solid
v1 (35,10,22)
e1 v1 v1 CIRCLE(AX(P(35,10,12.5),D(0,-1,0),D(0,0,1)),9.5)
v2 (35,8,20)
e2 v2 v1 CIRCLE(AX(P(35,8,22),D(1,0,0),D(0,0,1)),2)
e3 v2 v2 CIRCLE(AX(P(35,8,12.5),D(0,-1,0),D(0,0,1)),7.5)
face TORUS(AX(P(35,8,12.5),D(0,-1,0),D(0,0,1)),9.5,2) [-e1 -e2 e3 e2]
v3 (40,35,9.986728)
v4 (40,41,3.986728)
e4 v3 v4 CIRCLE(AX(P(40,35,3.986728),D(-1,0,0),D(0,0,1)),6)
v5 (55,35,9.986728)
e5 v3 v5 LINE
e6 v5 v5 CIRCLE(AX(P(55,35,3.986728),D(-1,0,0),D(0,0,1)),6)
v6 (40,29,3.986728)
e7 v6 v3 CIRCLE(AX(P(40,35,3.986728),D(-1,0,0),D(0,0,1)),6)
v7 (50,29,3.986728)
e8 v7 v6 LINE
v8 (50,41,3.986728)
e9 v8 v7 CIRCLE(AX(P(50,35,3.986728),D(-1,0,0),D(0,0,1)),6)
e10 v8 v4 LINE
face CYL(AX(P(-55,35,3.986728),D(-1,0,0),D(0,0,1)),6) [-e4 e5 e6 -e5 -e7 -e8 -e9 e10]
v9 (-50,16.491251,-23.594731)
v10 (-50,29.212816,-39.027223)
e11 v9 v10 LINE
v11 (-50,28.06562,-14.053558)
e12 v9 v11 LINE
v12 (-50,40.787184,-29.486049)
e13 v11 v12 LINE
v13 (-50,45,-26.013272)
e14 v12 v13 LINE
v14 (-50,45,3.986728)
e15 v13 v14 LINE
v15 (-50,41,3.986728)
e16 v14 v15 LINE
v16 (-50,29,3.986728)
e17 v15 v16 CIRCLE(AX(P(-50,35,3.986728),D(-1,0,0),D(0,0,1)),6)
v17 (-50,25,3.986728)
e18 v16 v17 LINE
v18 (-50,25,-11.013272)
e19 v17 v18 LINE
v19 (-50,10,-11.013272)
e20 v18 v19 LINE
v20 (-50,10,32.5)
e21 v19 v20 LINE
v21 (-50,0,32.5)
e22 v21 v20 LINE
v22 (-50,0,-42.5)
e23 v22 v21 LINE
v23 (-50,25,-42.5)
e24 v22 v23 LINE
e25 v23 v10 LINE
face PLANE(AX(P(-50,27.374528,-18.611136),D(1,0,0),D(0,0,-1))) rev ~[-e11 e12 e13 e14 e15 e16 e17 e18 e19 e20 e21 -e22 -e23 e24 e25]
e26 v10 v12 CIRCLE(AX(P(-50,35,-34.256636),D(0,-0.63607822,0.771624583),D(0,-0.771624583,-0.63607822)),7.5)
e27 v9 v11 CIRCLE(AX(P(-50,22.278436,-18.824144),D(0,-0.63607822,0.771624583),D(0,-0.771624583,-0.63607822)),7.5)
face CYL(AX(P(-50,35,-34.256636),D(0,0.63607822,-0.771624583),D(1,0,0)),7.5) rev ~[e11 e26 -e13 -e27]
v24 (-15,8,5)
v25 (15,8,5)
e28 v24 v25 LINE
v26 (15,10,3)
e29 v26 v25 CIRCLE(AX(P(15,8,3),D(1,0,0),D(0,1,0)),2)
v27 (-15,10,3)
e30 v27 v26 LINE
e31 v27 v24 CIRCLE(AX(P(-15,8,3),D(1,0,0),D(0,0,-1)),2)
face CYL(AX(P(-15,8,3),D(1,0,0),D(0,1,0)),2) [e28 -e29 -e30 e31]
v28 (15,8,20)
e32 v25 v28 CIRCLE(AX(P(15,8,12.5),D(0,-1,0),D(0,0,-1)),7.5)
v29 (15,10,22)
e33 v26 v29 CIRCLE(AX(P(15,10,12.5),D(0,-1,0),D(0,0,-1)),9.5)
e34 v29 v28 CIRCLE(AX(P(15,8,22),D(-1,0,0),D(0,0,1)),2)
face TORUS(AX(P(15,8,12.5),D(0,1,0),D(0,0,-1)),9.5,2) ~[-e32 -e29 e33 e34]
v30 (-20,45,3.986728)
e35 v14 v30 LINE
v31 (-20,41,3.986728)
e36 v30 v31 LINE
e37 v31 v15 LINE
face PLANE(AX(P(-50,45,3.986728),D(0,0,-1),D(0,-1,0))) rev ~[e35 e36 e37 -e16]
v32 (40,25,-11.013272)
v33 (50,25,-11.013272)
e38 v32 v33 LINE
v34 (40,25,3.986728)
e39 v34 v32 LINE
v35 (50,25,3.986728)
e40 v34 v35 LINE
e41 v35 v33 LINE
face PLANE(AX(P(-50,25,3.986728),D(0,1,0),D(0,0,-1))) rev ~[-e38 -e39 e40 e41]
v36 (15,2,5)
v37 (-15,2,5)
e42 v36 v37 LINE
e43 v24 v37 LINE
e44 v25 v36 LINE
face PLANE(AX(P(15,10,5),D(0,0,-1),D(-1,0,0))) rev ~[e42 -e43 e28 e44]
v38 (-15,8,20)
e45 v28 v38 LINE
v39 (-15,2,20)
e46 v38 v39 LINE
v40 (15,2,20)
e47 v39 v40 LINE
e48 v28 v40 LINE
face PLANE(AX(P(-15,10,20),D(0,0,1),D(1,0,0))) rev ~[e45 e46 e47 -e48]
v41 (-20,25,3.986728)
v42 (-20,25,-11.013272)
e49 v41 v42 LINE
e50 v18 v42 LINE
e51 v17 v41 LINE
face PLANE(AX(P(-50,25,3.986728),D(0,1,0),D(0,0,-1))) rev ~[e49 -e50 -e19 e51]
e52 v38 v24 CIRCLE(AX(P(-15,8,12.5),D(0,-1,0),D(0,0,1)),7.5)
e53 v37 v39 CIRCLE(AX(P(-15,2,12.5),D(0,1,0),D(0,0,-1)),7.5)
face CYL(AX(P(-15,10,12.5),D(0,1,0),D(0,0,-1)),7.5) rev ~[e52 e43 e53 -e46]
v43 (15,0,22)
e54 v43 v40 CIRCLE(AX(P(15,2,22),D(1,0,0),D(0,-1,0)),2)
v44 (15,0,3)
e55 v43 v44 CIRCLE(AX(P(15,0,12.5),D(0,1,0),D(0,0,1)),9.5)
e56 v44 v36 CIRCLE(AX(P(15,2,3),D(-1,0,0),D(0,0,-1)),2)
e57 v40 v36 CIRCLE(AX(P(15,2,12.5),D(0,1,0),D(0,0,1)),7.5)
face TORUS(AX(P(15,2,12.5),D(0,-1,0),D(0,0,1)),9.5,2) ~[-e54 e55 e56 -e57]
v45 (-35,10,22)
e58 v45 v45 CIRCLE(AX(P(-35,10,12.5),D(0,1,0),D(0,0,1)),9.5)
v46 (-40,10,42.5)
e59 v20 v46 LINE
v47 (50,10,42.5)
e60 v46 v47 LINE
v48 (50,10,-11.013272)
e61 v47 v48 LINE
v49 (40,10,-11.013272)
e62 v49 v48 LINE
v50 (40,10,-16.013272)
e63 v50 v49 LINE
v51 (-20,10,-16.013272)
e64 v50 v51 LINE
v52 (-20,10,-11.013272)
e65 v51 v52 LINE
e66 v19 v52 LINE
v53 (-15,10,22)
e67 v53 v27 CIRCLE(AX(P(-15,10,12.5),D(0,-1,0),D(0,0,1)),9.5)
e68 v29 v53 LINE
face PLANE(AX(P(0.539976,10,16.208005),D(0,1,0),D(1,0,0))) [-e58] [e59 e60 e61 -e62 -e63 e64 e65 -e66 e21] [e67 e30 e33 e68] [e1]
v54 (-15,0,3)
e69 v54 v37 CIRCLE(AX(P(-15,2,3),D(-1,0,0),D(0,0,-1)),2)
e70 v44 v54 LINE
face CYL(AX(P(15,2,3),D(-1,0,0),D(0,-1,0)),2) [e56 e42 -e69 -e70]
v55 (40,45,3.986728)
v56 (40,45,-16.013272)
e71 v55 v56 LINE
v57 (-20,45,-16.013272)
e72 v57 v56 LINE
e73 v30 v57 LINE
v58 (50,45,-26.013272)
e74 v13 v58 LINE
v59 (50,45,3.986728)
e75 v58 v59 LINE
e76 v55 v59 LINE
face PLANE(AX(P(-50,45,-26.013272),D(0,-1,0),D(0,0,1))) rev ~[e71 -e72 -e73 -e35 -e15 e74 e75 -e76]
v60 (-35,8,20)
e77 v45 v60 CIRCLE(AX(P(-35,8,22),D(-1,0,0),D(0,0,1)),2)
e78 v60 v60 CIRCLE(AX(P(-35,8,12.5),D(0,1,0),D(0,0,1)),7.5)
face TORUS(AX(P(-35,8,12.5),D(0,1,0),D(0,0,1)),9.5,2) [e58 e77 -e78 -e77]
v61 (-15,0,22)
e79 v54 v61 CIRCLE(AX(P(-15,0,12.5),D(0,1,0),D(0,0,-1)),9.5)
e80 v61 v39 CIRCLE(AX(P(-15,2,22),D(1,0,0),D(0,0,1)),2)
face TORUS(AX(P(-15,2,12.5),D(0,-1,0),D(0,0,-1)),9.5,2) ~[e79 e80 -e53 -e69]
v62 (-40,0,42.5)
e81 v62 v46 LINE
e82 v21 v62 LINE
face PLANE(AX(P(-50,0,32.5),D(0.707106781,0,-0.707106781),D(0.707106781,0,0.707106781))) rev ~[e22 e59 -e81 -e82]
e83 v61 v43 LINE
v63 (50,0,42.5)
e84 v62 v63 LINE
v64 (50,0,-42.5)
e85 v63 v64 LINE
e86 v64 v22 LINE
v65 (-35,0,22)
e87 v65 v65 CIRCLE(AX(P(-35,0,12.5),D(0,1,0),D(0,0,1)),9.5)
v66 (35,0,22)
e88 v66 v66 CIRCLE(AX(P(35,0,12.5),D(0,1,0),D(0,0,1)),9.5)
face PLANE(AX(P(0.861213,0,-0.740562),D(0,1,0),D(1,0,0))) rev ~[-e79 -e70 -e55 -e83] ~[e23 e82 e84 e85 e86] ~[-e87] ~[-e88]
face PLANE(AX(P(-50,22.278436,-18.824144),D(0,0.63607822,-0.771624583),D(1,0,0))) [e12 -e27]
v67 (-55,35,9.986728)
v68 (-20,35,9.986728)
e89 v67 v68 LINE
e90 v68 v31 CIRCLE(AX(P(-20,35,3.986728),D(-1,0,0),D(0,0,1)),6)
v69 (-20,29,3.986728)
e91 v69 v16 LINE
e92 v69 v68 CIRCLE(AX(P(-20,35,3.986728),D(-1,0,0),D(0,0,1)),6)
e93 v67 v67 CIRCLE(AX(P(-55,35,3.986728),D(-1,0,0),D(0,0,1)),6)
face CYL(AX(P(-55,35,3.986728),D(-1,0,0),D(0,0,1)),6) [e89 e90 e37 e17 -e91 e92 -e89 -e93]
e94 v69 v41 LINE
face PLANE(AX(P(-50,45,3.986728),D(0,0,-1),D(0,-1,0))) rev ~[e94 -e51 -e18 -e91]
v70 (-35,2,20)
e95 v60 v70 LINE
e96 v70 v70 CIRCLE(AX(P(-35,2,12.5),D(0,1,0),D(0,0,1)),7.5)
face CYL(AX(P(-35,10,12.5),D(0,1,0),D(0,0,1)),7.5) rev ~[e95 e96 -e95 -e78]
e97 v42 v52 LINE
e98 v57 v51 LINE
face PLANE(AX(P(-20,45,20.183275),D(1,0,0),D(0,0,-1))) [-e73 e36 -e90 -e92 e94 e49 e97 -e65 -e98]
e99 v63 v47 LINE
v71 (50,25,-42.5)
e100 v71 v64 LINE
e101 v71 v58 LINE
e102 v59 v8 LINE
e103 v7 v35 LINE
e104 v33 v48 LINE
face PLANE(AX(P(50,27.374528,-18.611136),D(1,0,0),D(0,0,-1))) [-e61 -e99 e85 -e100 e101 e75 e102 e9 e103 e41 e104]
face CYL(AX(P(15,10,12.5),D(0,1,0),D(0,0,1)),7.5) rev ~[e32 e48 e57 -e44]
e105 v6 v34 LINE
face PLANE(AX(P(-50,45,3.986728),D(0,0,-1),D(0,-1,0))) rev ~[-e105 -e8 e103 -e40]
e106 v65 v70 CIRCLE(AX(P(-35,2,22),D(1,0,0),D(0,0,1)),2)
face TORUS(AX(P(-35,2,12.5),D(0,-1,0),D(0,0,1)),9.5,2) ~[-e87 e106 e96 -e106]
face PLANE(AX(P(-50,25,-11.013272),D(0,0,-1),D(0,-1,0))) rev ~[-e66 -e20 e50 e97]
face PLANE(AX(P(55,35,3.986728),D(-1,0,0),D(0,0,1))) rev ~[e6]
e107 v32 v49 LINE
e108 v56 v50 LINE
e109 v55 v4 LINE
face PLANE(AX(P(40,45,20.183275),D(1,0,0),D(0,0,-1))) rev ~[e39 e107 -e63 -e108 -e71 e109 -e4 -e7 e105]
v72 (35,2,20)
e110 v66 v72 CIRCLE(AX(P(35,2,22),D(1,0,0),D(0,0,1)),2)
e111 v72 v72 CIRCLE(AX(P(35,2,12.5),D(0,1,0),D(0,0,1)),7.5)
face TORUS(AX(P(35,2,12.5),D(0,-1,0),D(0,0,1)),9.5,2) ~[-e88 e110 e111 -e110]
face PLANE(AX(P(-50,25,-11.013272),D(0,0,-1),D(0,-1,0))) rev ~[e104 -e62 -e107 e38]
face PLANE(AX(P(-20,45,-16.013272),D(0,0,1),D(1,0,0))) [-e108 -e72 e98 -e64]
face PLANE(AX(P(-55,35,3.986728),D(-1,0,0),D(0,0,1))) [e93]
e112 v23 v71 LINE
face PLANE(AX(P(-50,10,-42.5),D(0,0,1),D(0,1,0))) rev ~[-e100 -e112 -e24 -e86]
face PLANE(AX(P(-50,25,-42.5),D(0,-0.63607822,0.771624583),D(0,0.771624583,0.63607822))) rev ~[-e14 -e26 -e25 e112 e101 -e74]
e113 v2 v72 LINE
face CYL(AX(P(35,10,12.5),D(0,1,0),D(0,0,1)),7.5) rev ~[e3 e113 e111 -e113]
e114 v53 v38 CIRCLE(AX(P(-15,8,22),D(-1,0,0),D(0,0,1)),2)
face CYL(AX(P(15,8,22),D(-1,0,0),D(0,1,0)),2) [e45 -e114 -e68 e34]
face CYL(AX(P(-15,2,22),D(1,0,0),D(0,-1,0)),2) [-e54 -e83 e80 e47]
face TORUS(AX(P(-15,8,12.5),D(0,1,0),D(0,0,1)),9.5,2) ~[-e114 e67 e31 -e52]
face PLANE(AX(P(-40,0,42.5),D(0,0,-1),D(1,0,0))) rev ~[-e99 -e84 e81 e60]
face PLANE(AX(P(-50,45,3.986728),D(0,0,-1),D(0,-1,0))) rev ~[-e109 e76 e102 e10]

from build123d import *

# Parameters (mm, degrees)
BOSS_EXTRUDE1_DEPTH = 10
SKETCH2_R           = 7.5
CUT_EXTRUDE1_DEPTH  = 10
BOSS_EXTRUDE2_DEPTH = 100
BOSS_EXTRUDE3_START = 5
SKETCH4_R           = 6
BOSS_EXTRUDE3_DEPTH = 110
SKETCH5_R           = 7.5
CUT_EXTRUDE2_DEPTH  = 20
CUT_EXTRUDE3_REACH  = 84.802
SKETCH6_W           = 60
SKETCH6_H           = 36.196547207
FILLET1_R           = 2


with BuildPart() as part:
    # Sketch1 → Boss-Extrude1 (new body)
    with BuildSketch(Plane(origin=(0, 0, 0), x_dir=(1, 0, 0), z_dir=(0, 1, 0))):
        Polygon((-50, -32.5), (-40, -42.5), (50, -42.5), (50, 42.5), (-50, 42.5), align=None)
    extrude(amount=BOSS_EXTRUDE1_DEPTH)

    # Sketch2 → Cut-Extrude1 (cut)
    with BuildSketch(Plane(origin=(0, 10, 0), x_dir=(1, 0, 0), z_dir=(0, 1, 0))):
        with Locations(Location((-35, -12.5, 0), (0, 0, 270))):
            Circle(SKETCH2_R)
        with Locations(Location((35, -12.5, 0), (0, 0, 270))):
            Circle(SKETCH2_R)
        with BuildLine():
            Line((15, -5), (-15, -5))
            ThreePointArc((-15, -5), (-22.5, -12.5), (-15, -20))
            Line((-15, -20), (15, -20))
            ThreePointArc((15, -20), (22.5, -12.5), (15, -5))
        make_face()
    extrude(amount=-CUT_EXTRUDE1_DEPTH, mode=Mode.SUBTRACT)

    # Sketch3 → Boss-Extrude2 (add)
    with BuildSketch(Plane.ZY.offset(50)):
        Polygon((-42.5, 10), (-42.5, 25), (-26.013272284, 45), (3.986727716, 45), (3.986727716, 25), (-11.013272284, 25), (-11.013272284, 10), align=None)
    extrude(amount=-BOSS_EXTRUDE2_DEPTH)

    # Sketch4 → Boss-Extrude3 (add)
    with BuildSketch(Plane.ZY.offset(50).offset(BOSS_EXTRUDE3_START)):
        with Locations((3.986727716, 35)):
            Circle(SKETCH4_R)
    extrude(amount=-BOSS_EXTRUDE3_DEPTH)

    # Sketch5 → Cut-Extrude2 (cut)
    with BuildSketch(Plane(origin=(0, 30.974465206, -37.575030945), x_dir=(1, 0, 0), z_dir=(0, 0.636078220277765, -0.7716245833877192))):
        with Locations((-50, -5.216960269)):
            Circle(SKETCH5_R)
    extrude(amount=-CUT_EXTRUDE2_DEPTH, mode=Mode.SUBTRACT)

    # Cut-Extrude3: up to this face of the body (flat: up to its plane)
    cut_extrude3_end = Plane(part.part.faces().sort_by_distance((-48.865818784, 10, 10.743363858))[0])
    # Sketch6 → Cut-Extrude3 (cut, up to the picked face)
    with BuildSketch(Plane(origin=(0, 45, 0), x_dir=(1, 0, 0), z_dir=(0, 1, 0)), mode=Mode.PRIVATE) as cut_extrude3_sk1:
        with Locations((10, -2.08500132)):
            Rectangle(SKETCH6_W, SKETCH6_H)
    cut_extrude3_tool1 = split(extrude(cut_extrude3_sk1.sketch, amount=-CUT_EXTRUDE3_REACH, mode=Mode.PRIVATE), bisect_by=cut_extrude3_end, keep=Keep.BOTH, mode=Mode.PRIVATE)
    add(cut_extrude3_tool1.solids().sort_by(Axis((10, 45, 2.085001), (0, -1, 0)))[0], mode=Mode.SUBTRACT)

    # Fillet1
    fillet1_edges = [part.edges().sort_by_distance(p)[0] for p in [
        (-35, 0, 5),
        (-35, 10, 5),
        (35, 0, 5),
        (35, 10, 5),
        (-22.5, 0, 12.5),
        (0, 0, 5),
        (22.5, 0, 12.5),
        (0, 0, 20),
        (-22.5, 10, 12.5),
        (0, 10, 20),
        (22.5, 10, 12.5),
        (0, 10, 5),
    ]]
    fillet(fillet1_edges, radius=FILLET1_R)


solid = part.part
